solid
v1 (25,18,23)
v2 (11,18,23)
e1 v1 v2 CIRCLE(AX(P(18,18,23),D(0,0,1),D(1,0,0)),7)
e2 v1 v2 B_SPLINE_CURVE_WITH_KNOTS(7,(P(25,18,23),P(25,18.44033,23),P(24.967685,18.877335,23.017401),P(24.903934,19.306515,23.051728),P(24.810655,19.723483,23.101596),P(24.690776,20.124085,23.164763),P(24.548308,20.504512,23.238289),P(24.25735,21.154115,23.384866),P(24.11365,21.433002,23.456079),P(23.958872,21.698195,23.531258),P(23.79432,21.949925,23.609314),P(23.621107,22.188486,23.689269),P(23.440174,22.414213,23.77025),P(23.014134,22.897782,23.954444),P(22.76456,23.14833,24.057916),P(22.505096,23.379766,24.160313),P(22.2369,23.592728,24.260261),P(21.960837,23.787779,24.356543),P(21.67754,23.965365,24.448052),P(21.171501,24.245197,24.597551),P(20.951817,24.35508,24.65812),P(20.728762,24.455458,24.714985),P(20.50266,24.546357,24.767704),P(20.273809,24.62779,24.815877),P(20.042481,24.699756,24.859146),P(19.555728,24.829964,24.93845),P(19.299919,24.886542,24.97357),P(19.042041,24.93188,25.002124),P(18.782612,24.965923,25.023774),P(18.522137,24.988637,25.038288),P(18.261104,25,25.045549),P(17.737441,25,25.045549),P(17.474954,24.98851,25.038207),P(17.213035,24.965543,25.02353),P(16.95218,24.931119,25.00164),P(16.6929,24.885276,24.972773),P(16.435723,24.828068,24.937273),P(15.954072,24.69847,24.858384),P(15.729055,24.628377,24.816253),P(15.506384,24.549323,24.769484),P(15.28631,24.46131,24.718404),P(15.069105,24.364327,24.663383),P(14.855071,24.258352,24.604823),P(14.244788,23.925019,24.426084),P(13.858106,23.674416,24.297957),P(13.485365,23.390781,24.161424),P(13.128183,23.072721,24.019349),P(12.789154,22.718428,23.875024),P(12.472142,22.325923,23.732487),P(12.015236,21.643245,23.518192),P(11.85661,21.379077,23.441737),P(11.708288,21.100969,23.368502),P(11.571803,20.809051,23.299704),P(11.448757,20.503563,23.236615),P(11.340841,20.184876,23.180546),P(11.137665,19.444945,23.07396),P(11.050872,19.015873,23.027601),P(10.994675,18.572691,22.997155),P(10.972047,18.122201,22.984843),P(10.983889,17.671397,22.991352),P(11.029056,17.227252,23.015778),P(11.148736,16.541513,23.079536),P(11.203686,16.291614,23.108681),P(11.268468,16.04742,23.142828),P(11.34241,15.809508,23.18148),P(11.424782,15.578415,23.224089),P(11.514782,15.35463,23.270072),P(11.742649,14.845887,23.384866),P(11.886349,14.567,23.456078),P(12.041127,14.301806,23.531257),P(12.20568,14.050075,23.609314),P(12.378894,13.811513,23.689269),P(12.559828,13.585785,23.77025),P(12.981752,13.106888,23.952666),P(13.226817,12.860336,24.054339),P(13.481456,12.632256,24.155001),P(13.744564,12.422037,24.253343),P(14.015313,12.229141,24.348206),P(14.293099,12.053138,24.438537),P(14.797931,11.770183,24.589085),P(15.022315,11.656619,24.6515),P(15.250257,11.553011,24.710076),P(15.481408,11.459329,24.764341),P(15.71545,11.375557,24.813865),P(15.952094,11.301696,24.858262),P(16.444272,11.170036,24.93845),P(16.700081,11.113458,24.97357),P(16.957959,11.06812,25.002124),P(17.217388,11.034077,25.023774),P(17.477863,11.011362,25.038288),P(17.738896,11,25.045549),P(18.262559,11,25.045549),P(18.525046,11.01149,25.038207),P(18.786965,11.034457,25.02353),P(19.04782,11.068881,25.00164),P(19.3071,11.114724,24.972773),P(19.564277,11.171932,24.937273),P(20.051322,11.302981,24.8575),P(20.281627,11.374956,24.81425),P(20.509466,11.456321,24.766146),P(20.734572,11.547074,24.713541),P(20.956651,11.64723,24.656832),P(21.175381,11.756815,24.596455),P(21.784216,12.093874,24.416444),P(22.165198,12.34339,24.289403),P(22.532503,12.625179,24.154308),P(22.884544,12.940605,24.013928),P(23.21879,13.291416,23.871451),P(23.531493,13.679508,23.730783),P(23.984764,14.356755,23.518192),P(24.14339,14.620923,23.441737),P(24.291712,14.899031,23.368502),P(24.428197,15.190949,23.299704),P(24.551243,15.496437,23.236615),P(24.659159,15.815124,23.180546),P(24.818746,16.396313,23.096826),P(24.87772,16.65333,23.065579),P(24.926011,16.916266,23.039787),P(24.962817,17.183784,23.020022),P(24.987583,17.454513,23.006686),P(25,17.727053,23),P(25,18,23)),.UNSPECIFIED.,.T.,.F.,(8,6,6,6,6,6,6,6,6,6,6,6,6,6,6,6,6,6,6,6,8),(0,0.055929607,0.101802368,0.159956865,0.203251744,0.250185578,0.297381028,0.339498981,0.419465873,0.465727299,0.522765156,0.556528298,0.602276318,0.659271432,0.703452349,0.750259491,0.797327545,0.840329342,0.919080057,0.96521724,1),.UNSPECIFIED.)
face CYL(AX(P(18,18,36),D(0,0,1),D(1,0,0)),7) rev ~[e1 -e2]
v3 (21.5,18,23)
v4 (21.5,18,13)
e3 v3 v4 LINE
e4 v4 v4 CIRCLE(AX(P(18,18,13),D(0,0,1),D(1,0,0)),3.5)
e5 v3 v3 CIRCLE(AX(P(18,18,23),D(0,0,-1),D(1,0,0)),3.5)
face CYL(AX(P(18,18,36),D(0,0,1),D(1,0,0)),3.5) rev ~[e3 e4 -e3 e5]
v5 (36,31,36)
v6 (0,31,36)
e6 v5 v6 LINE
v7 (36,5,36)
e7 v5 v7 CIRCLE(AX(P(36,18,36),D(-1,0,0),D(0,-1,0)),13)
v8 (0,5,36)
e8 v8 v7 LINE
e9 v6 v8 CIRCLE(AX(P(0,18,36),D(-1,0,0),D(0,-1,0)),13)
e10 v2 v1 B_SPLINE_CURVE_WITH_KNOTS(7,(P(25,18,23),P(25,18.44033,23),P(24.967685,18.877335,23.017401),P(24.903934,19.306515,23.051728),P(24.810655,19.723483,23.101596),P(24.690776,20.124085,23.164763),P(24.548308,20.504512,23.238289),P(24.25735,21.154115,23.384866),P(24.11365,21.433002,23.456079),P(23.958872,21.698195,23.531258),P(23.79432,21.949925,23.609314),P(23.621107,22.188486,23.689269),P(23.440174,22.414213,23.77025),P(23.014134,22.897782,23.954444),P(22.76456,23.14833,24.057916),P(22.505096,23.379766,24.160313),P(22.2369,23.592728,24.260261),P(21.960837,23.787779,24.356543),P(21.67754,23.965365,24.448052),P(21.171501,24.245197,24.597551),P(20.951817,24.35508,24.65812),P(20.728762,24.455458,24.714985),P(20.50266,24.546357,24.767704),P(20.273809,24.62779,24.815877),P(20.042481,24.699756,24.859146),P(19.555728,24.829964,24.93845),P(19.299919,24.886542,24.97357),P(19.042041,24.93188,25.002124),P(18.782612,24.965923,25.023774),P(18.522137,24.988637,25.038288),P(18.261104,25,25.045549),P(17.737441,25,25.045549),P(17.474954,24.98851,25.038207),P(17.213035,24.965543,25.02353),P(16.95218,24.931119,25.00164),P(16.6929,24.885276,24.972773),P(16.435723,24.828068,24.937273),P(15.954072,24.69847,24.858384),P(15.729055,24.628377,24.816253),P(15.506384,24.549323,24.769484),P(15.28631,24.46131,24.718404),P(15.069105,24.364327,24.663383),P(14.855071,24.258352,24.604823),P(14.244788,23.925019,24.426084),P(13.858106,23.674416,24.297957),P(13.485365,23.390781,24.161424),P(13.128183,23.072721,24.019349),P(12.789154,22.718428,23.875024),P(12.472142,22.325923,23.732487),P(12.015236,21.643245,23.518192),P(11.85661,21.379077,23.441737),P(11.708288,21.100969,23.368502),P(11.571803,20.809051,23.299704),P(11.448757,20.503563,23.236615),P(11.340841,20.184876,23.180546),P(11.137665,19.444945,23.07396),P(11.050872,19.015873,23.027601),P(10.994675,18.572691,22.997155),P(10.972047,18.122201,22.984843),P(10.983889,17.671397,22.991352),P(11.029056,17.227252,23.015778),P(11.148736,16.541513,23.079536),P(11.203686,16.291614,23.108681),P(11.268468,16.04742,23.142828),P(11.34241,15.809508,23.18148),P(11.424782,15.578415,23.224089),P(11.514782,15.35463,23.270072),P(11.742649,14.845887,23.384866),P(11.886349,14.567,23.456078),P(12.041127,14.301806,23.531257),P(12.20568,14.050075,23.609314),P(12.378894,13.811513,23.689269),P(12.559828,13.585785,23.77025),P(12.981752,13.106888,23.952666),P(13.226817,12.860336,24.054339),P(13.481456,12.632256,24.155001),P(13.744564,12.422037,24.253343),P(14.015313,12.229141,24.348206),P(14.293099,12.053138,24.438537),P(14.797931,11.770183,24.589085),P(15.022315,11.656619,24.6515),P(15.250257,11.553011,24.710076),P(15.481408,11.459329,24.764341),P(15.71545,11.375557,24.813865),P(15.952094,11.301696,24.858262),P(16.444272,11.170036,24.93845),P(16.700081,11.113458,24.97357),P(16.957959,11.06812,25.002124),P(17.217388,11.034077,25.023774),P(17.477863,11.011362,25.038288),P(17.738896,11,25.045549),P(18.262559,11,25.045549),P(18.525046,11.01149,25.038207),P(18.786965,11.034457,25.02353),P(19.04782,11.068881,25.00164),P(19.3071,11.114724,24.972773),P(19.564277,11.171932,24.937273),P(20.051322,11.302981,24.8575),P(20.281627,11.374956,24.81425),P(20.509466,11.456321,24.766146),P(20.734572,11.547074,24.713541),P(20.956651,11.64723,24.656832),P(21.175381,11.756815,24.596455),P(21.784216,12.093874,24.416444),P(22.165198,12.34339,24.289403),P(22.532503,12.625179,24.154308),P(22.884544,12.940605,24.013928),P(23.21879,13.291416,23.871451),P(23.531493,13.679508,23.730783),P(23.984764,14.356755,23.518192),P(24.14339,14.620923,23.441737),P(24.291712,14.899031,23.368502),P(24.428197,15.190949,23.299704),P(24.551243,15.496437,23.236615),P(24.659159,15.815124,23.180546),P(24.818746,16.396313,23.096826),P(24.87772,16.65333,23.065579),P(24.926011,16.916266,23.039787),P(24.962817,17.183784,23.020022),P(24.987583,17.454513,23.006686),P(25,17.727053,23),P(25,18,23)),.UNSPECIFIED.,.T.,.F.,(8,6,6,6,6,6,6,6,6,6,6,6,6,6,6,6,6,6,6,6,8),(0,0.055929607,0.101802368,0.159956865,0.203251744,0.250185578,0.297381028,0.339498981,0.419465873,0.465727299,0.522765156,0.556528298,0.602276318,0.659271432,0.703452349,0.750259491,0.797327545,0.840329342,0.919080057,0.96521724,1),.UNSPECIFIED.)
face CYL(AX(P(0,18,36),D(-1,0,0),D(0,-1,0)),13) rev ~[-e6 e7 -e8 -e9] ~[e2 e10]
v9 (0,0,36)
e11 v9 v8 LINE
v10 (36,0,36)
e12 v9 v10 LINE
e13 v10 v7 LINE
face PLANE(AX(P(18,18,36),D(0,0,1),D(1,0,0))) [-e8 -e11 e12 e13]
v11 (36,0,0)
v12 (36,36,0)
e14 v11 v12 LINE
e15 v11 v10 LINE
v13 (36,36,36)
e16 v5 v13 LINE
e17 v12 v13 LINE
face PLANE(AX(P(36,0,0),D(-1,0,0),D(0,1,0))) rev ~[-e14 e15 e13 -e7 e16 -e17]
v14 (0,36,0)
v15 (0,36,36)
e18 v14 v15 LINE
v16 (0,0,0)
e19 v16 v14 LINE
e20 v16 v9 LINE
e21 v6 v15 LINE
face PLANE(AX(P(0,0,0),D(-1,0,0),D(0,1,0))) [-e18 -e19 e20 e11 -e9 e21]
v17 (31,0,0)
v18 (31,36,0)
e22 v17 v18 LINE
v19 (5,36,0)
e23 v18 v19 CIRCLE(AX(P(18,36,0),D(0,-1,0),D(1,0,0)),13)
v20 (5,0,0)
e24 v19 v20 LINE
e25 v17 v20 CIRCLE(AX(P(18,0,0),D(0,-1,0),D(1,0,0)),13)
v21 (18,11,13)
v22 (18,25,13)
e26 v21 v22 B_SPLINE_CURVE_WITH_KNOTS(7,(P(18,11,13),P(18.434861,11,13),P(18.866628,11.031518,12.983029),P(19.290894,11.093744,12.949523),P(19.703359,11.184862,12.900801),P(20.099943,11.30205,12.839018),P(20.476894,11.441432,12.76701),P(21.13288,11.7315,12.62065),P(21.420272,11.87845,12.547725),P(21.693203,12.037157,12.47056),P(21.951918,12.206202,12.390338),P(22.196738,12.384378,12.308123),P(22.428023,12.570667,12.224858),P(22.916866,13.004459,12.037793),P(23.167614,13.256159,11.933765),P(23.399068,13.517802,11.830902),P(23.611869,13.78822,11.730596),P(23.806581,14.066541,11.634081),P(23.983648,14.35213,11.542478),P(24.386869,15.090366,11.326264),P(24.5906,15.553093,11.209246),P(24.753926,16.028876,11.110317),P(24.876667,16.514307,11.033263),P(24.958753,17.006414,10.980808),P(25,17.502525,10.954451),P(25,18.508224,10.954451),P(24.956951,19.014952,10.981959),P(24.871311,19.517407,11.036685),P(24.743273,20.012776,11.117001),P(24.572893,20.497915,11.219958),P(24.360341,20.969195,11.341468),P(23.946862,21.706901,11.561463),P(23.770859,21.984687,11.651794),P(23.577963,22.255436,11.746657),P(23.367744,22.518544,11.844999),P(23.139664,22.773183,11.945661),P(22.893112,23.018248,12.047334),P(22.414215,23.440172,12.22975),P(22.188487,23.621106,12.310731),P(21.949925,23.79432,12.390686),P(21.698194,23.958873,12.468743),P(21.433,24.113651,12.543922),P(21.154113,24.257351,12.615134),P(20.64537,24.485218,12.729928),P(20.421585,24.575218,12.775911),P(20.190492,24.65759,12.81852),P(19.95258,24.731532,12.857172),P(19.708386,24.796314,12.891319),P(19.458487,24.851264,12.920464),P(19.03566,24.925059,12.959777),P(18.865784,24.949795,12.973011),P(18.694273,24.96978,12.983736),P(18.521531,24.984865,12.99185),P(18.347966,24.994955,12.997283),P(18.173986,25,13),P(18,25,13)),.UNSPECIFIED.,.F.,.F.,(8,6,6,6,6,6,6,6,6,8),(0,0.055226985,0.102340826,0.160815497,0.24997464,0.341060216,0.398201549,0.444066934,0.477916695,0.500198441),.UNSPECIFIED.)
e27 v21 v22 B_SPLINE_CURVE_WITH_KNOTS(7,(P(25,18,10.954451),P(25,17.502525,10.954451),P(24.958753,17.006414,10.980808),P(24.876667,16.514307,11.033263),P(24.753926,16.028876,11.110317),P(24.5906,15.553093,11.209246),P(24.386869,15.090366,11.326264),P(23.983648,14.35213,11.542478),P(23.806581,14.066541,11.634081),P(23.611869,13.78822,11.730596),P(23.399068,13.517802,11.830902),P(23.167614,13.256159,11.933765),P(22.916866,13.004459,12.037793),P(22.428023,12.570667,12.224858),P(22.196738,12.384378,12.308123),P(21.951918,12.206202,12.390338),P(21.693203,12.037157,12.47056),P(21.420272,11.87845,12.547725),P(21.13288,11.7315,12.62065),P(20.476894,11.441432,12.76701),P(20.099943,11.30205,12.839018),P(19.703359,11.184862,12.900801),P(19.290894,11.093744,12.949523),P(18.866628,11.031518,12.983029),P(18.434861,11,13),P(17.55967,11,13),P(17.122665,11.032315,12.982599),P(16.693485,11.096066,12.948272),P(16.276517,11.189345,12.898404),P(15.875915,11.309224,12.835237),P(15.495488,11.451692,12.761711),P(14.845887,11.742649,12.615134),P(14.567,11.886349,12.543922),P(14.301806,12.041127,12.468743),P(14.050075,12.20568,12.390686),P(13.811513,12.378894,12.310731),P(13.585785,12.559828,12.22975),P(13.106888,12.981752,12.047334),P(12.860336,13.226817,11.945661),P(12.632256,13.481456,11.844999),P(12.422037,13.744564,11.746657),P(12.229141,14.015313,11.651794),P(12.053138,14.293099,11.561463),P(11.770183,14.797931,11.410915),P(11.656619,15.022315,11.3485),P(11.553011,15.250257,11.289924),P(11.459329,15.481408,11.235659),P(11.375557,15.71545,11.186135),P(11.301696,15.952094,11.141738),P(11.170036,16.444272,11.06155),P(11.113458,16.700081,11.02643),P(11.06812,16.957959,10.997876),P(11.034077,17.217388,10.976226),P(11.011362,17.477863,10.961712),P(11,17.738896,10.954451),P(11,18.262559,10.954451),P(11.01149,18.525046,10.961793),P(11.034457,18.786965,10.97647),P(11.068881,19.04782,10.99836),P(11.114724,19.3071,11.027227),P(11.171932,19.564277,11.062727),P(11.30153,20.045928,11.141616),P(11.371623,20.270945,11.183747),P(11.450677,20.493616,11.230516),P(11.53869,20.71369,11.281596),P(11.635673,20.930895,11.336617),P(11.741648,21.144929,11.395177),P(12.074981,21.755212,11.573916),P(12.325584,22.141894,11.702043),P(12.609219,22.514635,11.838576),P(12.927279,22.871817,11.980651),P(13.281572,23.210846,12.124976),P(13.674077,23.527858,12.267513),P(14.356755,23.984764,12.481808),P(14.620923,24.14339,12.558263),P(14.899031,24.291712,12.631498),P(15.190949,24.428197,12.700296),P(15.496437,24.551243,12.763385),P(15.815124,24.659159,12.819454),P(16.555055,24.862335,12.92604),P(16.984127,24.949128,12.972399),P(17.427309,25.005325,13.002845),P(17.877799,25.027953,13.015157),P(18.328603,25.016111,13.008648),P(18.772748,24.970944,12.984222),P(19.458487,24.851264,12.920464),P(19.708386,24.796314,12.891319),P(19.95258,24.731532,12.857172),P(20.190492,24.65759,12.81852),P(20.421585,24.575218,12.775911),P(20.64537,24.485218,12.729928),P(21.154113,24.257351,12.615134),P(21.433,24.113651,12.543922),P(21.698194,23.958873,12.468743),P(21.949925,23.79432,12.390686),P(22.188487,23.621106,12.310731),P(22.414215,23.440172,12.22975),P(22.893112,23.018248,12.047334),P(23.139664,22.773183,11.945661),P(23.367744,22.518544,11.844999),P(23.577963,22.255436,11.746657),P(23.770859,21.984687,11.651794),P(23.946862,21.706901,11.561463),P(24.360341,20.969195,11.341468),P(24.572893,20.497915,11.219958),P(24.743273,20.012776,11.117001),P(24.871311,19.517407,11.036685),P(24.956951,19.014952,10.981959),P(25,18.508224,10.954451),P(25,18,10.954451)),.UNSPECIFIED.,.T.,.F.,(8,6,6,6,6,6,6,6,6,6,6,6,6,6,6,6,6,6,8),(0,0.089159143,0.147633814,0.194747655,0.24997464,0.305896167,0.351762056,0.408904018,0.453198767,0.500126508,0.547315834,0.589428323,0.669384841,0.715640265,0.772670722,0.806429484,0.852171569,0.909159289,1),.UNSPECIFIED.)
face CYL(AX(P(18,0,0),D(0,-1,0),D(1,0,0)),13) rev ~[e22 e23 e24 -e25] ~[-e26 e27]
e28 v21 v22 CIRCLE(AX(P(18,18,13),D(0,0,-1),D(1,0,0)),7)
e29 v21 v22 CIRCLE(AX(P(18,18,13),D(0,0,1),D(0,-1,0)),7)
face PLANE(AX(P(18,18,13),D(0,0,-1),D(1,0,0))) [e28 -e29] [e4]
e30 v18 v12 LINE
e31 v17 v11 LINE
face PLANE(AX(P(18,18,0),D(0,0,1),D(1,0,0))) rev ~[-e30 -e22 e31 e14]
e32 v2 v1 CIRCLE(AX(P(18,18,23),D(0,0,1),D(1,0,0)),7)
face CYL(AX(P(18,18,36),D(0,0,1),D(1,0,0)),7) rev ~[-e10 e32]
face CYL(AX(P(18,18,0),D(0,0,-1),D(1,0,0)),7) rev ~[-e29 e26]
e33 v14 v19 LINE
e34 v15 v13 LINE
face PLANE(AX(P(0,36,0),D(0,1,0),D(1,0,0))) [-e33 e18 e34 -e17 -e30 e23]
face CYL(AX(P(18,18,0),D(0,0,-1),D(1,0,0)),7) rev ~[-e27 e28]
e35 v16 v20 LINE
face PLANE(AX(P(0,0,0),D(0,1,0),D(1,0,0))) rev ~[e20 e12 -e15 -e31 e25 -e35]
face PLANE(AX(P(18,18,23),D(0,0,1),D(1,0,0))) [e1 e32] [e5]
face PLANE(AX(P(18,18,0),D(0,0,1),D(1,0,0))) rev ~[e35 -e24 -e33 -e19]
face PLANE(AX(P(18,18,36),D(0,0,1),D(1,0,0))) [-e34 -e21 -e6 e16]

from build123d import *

# Parameters (mm, degrees)
BOX_W           = 36
BOX_H           = 36
BOX_DEPTH       = 36
SKETCH_R        = 3.5
POCKET_DEPTH    = 36.001
SKETCH004_R     = 7
POCKET001_DEPTH = 13
SKETCH001_R     = 7
POCKET002_DEPTH = 13
SKETCH003_R     = 13
POCKET003_DEPTH = 36.001
SKETCH002_R     = 13
POCKET004_DEPTH = 36.001


with BuildPart() as part:
    # Box → Box (new body)
    with BuildSketch(Plane.XY):
        with Locations((18, 18)):
            Rectangle(BOX_W, BOX_H)
    extrude(amount=BOX_DEPTH)

    # Sketch → Pocket (cut, through all)
    with BuildSketch(Plane.XY.offset(36)):
        with Locations((18, 18)):
            Circle(SKETCH_R)
    extrude(amount=-POCKET_DEPTH, mode=Mode.SUBTRACT)

    # Sketch004 → Pocket001 (cut)
    with BuildSketch(Plane.XY.offset(36)):
        with Locations((18, 18)):
            Circle(SKETCH004_R)
    extrude(amount=-POCKET001_DEPTH, mode=Mode.SUBTRACT)

    # Sketch001 → Pocket002 (cut)
    with BuildSketch(Plane(origin=(0, 0, 0), x_dir=(1, 0, 0), z_dir=(0, 0, -1))):
        with Locations((18, -18)):
            Circle(SKETCH001_R)
    extrude(amount=-POCKET002_DEPTH, mode=Mode.SUBTRACT)

    # Sketch003 → Pocket003 (cut, through all)
    with BuildSketch(Plane(origin=(0, 0, 0), x_dir=(0, -1, 0), z_dir=(-1, 0, 0))):
        with Locations((-18, 36)):
            Circle(SKETCH003_R)
    extrude(amount=-POCKET003_DEPTH, mode=Mode.SUBTRACT)

    # Sketch002 → Pocket004 (cut, through all)
    with BuildSketch(Plane.XZ):
        with Locations((18, 0)):
            Circle(SKETCH002_R)
    extrude(amount=-POCKET004_DEPTH, mode=Mode.SUBTRACT)


solid = part.part
